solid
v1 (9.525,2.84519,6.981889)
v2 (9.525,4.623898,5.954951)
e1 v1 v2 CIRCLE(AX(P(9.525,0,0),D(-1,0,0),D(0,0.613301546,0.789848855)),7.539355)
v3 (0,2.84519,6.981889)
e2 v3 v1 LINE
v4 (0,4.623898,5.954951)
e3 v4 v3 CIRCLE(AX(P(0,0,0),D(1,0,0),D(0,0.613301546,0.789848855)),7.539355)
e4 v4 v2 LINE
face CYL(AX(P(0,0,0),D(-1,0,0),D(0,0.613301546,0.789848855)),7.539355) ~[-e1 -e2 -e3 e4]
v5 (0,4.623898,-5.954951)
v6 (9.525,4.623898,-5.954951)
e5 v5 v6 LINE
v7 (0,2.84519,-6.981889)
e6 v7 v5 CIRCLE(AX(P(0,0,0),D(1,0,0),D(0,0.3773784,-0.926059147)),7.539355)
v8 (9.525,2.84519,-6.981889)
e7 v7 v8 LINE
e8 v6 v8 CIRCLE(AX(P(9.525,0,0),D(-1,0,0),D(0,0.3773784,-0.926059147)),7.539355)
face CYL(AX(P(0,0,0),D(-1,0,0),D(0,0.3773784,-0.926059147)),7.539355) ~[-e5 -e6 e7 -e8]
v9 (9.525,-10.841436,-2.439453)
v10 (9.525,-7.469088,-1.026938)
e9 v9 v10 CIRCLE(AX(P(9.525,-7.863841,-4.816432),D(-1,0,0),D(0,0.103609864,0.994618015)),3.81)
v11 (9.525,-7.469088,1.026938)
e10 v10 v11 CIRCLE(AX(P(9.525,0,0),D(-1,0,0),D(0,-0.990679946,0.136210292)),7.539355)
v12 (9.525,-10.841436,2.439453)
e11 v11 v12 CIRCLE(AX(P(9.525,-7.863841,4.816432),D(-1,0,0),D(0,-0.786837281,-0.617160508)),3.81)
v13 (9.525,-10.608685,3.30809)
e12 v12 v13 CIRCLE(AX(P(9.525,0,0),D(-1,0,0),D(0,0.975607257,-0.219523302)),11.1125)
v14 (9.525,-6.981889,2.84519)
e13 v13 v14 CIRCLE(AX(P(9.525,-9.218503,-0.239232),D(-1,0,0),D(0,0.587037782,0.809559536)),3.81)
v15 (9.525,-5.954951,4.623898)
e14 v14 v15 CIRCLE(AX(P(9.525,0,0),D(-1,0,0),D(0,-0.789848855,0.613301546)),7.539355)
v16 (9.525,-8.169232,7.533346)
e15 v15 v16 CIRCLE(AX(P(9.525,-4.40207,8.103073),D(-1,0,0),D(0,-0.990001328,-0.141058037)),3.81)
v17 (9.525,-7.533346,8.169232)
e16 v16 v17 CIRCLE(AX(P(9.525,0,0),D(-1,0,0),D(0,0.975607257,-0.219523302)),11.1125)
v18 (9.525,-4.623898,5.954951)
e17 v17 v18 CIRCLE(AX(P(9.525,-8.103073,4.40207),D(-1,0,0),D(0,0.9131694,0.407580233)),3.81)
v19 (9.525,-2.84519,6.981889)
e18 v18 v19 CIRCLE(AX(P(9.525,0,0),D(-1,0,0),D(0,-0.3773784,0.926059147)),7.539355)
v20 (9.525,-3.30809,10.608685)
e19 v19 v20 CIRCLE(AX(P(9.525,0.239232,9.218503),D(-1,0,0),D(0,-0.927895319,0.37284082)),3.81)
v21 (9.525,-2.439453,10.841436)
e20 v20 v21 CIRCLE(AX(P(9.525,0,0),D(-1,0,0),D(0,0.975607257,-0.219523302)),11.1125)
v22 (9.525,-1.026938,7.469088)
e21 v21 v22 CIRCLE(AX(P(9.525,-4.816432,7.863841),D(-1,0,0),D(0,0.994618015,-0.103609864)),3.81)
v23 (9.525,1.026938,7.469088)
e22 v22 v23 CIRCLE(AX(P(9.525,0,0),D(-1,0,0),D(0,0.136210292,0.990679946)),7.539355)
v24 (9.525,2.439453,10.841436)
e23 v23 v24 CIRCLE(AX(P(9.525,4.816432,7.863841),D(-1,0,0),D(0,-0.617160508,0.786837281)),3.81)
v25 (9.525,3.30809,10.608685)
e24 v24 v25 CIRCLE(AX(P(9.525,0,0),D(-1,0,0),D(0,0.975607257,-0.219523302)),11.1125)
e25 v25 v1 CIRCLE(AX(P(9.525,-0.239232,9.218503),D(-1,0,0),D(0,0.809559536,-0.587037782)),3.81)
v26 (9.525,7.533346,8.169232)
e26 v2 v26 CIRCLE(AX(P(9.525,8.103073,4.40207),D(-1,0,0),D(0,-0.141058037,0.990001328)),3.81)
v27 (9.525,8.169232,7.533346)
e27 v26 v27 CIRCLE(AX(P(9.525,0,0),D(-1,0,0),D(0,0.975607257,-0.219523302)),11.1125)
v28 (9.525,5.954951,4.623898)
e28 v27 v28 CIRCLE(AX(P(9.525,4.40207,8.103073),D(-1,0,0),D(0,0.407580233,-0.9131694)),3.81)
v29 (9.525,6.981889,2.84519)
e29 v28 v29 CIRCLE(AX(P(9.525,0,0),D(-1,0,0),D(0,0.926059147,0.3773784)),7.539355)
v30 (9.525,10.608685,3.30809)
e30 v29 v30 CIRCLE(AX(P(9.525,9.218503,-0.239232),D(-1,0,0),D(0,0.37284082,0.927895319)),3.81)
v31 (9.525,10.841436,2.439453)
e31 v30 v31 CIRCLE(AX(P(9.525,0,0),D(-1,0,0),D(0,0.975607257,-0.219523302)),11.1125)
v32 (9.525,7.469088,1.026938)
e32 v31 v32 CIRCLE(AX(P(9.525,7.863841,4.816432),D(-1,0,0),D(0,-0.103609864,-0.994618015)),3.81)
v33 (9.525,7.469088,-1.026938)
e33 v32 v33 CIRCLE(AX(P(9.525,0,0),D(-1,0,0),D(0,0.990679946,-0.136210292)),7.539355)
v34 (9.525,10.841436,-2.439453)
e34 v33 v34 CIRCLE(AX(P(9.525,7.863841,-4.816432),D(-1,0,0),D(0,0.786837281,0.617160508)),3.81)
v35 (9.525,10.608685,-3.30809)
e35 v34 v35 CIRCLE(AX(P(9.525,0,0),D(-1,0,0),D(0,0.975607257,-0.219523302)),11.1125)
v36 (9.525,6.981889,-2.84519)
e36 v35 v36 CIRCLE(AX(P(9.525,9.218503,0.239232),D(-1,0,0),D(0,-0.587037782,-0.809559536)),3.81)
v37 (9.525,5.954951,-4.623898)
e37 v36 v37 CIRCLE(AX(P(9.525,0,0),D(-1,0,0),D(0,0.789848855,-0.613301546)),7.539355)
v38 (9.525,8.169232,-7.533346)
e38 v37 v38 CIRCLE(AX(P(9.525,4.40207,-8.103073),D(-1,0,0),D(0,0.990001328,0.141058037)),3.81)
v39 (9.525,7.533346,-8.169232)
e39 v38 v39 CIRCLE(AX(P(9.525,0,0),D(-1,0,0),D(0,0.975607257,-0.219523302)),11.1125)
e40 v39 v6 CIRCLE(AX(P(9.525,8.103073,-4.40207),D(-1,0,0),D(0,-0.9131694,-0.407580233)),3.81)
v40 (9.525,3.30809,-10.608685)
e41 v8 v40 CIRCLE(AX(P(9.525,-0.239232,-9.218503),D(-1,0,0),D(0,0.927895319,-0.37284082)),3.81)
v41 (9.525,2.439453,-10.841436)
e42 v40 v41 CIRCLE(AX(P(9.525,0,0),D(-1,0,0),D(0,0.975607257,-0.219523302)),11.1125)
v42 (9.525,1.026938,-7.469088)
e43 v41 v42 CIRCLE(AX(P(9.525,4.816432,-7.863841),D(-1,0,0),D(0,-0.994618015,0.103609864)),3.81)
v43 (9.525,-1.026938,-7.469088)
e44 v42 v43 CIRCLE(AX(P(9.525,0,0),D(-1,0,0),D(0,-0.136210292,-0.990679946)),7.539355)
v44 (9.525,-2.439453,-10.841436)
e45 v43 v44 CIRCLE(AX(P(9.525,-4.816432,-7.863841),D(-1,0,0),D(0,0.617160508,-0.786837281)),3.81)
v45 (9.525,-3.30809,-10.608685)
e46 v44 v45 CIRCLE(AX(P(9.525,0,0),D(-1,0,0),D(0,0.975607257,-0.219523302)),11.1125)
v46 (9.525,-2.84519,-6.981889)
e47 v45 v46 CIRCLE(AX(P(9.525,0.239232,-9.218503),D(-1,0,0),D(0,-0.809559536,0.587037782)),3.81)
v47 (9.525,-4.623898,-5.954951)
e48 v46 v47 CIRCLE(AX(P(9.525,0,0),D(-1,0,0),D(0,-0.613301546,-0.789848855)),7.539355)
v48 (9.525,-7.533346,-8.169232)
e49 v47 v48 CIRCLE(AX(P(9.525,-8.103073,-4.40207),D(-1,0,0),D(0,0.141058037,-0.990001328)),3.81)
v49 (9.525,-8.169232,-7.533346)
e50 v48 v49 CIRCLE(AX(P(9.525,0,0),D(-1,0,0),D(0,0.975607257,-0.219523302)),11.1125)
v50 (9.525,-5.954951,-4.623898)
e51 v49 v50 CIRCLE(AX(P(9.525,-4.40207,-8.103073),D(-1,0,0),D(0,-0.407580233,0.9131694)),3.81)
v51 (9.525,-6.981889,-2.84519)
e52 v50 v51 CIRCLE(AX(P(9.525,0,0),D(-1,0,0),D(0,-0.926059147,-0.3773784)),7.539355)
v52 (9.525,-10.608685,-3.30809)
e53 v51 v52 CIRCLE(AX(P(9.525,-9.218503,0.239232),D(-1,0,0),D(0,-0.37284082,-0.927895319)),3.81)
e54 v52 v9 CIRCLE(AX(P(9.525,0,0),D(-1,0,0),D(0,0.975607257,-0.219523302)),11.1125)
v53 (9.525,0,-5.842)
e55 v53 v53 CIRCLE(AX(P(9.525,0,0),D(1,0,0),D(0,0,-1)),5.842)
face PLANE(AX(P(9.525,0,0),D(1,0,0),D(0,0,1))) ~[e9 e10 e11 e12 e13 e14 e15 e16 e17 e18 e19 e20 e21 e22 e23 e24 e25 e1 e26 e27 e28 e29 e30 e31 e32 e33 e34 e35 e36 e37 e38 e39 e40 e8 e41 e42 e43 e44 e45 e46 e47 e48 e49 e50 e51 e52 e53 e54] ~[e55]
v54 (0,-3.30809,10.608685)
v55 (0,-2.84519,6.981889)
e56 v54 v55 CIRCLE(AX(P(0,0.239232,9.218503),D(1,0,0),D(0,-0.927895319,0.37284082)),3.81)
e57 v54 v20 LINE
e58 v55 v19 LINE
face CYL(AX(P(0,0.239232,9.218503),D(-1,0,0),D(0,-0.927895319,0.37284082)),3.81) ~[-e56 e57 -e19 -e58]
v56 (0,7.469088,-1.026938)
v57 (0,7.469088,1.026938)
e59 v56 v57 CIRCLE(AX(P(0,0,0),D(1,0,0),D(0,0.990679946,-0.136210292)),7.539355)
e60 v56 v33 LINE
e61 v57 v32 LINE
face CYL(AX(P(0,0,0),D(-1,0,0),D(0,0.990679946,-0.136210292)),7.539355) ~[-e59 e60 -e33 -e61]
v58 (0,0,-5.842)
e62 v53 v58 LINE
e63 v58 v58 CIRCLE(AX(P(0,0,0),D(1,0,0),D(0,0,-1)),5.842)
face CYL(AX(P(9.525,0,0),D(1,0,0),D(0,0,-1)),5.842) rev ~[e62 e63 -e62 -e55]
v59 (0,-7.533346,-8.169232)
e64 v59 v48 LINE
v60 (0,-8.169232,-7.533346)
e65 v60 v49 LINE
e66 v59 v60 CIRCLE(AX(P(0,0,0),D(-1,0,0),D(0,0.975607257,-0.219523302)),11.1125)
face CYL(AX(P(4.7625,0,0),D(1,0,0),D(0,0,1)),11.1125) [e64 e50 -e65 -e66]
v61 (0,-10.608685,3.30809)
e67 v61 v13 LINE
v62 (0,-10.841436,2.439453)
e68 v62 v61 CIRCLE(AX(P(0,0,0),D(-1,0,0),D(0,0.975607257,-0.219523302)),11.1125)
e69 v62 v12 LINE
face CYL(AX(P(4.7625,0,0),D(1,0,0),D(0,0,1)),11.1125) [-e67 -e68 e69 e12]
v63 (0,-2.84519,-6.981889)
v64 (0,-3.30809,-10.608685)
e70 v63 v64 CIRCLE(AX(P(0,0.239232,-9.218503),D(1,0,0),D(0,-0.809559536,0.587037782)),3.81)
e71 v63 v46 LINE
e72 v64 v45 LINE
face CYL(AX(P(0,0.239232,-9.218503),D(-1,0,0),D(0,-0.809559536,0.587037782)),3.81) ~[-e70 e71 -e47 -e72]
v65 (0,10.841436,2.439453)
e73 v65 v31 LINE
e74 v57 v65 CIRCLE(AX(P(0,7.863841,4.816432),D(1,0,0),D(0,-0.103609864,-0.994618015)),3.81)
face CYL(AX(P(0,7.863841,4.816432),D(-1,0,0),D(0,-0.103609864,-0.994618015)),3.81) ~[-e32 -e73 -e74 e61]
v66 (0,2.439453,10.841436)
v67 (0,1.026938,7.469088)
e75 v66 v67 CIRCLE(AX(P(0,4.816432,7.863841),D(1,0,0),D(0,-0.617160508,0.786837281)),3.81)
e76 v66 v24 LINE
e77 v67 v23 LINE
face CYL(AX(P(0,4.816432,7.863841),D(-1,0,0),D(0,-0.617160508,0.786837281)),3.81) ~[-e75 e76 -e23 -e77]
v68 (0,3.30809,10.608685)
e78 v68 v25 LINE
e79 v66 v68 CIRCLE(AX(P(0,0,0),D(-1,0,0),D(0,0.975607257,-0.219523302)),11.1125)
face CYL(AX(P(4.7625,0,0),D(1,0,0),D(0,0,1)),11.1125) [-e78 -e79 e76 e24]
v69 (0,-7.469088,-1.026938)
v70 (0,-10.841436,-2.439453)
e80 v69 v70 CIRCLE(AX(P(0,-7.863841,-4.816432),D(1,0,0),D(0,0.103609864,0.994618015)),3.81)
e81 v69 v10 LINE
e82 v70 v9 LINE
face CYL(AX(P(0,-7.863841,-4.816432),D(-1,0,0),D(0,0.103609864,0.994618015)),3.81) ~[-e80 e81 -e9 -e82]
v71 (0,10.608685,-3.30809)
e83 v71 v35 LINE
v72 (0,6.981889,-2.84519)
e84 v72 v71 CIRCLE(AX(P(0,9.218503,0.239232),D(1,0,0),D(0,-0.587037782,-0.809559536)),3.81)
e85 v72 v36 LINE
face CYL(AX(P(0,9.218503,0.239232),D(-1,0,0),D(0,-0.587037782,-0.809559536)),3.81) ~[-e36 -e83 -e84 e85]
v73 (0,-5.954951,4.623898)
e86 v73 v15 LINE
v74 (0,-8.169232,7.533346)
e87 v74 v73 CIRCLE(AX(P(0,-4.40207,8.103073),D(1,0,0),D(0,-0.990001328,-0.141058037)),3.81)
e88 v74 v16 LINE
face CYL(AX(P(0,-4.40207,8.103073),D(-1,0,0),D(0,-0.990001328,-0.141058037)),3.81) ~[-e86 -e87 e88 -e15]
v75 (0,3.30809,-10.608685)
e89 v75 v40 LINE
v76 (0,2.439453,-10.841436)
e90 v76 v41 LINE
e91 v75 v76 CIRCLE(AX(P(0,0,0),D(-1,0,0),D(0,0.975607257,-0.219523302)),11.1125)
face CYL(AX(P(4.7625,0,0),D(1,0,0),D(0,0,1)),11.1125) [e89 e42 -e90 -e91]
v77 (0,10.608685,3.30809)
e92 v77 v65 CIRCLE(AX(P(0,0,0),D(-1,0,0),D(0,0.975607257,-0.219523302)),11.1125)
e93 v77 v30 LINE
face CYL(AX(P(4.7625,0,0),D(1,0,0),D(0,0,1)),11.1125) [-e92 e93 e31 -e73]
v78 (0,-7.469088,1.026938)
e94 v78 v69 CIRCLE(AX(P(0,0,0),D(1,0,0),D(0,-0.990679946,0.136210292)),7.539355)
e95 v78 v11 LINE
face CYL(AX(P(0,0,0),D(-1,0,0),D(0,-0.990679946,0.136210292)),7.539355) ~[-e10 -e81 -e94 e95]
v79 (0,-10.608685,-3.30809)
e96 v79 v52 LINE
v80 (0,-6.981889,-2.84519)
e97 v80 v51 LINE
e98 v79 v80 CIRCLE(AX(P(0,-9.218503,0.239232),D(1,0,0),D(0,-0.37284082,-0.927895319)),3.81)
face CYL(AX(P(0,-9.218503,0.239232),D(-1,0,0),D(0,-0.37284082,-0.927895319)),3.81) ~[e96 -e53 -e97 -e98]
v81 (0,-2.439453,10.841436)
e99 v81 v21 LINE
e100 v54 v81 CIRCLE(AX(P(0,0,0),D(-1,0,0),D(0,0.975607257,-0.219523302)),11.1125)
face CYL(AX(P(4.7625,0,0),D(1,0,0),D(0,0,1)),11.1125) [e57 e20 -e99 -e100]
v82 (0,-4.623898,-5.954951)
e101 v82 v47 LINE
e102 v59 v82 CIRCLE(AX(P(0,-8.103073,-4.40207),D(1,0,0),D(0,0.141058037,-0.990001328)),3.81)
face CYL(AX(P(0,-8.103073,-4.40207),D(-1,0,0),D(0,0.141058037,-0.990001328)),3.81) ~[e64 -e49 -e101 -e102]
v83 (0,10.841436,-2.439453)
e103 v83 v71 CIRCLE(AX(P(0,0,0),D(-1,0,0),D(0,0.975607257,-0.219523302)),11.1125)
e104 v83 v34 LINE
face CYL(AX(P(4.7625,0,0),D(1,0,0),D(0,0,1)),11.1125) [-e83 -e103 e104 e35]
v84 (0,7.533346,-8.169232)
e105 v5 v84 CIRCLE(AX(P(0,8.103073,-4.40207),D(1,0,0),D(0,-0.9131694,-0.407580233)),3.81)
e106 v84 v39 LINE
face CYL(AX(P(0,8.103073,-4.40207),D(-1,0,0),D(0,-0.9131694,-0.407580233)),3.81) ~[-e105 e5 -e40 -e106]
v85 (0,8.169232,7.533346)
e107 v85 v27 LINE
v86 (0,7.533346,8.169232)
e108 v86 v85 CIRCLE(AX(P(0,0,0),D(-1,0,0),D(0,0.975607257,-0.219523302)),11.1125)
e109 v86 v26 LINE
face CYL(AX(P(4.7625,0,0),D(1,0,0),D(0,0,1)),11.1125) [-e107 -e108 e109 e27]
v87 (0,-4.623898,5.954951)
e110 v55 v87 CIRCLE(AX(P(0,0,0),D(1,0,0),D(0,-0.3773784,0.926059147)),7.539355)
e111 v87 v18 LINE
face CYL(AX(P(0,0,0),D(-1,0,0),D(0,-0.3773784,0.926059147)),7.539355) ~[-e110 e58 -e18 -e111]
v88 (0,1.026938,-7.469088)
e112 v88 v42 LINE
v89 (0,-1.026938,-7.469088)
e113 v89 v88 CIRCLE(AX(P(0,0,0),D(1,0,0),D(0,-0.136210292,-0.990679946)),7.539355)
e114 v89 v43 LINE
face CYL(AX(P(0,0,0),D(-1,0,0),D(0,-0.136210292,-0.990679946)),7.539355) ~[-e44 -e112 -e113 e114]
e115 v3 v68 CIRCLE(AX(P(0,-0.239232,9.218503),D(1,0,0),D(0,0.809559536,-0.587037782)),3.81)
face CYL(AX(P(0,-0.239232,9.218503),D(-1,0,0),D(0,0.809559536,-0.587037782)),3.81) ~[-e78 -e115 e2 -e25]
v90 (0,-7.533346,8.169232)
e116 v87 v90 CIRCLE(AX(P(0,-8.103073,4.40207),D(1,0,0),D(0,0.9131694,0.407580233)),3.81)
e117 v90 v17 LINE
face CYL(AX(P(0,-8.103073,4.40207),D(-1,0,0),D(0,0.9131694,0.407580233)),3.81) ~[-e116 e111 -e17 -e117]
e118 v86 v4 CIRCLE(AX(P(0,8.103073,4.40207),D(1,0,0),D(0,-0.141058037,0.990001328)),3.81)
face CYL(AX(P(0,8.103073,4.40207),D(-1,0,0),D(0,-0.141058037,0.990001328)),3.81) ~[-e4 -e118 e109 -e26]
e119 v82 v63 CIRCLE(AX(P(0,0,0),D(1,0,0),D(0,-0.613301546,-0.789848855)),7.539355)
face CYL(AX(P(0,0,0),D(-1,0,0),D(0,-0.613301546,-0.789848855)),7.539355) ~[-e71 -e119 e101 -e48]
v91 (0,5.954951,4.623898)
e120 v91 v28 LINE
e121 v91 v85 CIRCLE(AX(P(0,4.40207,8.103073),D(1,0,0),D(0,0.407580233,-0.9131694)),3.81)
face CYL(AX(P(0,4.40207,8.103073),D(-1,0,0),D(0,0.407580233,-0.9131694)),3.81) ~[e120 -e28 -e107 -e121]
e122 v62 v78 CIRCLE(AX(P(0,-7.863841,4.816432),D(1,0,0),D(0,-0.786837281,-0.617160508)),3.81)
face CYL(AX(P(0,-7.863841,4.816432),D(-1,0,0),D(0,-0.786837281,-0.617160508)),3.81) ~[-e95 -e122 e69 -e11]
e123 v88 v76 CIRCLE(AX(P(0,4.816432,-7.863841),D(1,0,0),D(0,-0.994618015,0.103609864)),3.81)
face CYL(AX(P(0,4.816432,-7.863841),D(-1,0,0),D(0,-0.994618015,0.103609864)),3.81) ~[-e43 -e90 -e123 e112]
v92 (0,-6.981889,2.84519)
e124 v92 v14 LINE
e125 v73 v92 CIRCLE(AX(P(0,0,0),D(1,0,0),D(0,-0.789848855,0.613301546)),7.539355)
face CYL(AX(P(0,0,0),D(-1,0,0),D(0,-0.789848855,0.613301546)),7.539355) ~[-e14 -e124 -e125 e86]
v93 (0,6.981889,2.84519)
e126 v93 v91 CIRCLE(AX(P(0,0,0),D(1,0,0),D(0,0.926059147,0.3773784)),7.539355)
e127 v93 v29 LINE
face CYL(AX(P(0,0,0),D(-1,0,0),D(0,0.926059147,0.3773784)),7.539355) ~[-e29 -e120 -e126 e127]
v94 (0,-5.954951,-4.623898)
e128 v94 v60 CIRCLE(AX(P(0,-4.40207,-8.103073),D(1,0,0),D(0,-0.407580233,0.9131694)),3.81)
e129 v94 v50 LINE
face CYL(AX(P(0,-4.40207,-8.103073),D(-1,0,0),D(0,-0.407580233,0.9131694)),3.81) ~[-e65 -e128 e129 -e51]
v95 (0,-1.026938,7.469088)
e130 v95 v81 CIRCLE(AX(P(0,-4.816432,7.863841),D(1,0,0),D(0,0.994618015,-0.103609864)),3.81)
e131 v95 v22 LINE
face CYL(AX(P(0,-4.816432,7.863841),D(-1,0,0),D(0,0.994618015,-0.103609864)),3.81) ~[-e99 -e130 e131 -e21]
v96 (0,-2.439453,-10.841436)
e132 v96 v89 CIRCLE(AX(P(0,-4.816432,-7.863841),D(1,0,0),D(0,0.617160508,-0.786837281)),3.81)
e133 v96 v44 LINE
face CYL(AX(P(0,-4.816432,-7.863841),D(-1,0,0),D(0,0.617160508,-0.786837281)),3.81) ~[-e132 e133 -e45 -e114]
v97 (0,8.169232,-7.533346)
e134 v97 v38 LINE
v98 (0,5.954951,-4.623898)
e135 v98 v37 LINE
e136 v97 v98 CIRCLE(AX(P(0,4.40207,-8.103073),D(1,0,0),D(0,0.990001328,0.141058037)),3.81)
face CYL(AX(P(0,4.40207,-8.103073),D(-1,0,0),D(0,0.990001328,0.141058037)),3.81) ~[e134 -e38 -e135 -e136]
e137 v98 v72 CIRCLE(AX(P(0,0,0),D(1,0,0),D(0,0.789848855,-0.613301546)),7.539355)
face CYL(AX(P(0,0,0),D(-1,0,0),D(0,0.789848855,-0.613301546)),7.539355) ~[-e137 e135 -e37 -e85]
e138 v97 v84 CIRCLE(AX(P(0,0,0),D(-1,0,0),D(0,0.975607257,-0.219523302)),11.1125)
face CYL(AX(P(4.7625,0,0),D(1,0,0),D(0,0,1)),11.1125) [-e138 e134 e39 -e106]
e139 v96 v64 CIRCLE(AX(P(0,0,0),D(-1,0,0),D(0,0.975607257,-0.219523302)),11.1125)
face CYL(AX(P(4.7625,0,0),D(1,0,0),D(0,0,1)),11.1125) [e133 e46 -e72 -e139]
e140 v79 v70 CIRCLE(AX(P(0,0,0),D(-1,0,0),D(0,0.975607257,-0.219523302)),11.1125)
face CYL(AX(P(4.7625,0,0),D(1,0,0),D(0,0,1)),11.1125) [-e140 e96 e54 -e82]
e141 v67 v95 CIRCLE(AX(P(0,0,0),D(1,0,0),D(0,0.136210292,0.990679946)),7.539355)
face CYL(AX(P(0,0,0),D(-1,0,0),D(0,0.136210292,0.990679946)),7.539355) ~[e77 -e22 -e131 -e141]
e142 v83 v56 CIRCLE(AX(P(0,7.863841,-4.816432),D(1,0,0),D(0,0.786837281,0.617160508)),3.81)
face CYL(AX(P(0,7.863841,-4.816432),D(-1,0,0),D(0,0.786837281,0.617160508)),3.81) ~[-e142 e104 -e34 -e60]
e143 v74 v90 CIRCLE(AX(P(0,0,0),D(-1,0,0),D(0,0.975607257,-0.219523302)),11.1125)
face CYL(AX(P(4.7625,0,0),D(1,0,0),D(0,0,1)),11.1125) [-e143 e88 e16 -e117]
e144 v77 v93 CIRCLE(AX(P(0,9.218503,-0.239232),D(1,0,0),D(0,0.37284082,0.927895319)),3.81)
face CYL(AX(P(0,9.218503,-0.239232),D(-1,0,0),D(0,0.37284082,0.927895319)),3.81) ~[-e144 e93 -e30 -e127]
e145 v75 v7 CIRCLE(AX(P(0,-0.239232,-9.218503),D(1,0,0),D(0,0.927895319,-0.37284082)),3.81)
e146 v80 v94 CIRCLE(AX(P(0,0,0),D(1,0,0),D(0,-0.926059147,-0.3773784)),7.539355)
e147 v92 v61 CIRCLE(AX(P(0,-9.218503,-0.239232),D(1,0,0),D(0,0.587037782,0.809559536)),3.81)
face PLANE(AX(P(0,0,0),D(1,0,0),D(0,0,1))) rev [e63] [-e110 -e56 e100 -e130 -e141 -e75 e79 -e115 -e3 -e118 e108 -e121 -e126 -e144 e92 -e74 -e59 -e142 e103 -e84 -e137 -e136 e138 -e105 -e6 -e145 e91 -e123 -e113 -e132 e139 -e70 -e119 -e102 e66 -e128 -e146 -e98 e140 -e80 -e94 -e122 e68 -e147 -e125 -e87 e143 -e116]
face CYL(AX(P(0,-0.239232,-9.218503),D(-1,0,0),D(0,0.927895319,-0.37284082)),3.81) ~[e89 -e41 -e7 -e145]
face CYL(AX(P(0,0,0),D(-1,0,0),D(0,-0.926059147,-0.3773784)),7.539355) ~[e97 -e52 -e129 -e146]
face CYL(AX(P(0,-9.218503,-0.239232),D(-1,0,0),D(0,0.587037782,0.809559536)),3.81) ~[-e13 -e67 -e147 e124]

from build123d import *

# Parameters (mm, degrees)
BASPROSKE_W        = 9.525
BASPROSKE_H        = 11.1125
TOOTHCUT_DEPTH     = 19.376641083
TEETHCUTS_COUNT    = 12
TEETHCUTS_ANGLE    = 330
BORSKE_R           = 3.175
BORE_DEPTH         = 50.8000508
SKETCH2_R          = 5.842
CUT_EXTRUDE1_DEPTH = 19.049905225


with BuildPart() as part:
    # BasProSke → Base-Revolve (revolve)
    with BuildSketch(Plane(origin=(0, 0, 0), x_dir=(1, 0, 0), z_dir=(0, 1, 0)), mode=Mode.PRIVATE) as base_revolve_sk:
        with Locations((4.7625, 5.55625)):
            Rectangle(BASPROSKE_W, BASPROSKE_H)
    revolve(base_revolve_sk.sketch.rotate(Axis((-10, 0, 0), (1, 0, 0)), 180), axis=Axis((-10, 0, 0), (1, 0, 0)))

    # TooCutSke → ToothCut (cut, through all)
    with BuildSketch(Plane(origin=(0, 0, 0), x_dir=(0, 0, -1), z_dir=(1, 0, 0))):
        with BuildLine():
            ThreePointArc((1.026937745, 7.469087808), (0, 7.539355), (-1.026937745, 7.469087808))
            ThreePointArc((-1.026937745, 7.469087808), (-1.30857978, 9.35080814), (-2.465050847, 10.861691431))
            ThreePointArc((-2.465050847, 10.861691431), (0, 11.1379), (2.465050847, 10.861691431))
            ThreePointArc((2.465050847, 10.861691431), (1.30857978, 9.35080814), (1.026937745, 7.469087808))
        make_face()
    toothcut = extrude(amount=TOOTHCUT_DEPTH, mode=Mode.SUBTRACT)

    # TeethCuts: ToothCut ×12 about axis
    teethcuts_axis = Axis((-10, 0, 0), (1, 0, 0))
    for i in range(1, TEETHCUTS_COUNT):
        add(toothcut.rotate(teethcuts_axis, i * TEETHCUTS_ANGLE / (TEETHCUTS_COUNT - 1)), mode=Mode.SUBTRACT)

    # BorSke → Bore (cut, symmetric)
    with BuildSketch(Plane(origin=(0, 0, 0), x_dir=(0, 0, -1), z_dir=(1, 0, 0))):
        with Locations(Location((0, 0, 0), (0, 0, 180))):
            Circle(BORSKE_R)
    extrude(amount=BORE_DEPTH, both=True, mode=Mode.SUBTRACT)

    # Sketch2 → Cut-Extrude1 (cut, through all)
    with BuildSketch(Plane(origin=(9.525, 0, 0), x_dir=(0, 0, -1), z_dir=(1, 0, 0))):
        Circle(SKETCH2_R)
    extrude(amount=-CUT_EXTRUDE1_DEPTH, mode=Mode.SUBTRACT)


solid = part.part
